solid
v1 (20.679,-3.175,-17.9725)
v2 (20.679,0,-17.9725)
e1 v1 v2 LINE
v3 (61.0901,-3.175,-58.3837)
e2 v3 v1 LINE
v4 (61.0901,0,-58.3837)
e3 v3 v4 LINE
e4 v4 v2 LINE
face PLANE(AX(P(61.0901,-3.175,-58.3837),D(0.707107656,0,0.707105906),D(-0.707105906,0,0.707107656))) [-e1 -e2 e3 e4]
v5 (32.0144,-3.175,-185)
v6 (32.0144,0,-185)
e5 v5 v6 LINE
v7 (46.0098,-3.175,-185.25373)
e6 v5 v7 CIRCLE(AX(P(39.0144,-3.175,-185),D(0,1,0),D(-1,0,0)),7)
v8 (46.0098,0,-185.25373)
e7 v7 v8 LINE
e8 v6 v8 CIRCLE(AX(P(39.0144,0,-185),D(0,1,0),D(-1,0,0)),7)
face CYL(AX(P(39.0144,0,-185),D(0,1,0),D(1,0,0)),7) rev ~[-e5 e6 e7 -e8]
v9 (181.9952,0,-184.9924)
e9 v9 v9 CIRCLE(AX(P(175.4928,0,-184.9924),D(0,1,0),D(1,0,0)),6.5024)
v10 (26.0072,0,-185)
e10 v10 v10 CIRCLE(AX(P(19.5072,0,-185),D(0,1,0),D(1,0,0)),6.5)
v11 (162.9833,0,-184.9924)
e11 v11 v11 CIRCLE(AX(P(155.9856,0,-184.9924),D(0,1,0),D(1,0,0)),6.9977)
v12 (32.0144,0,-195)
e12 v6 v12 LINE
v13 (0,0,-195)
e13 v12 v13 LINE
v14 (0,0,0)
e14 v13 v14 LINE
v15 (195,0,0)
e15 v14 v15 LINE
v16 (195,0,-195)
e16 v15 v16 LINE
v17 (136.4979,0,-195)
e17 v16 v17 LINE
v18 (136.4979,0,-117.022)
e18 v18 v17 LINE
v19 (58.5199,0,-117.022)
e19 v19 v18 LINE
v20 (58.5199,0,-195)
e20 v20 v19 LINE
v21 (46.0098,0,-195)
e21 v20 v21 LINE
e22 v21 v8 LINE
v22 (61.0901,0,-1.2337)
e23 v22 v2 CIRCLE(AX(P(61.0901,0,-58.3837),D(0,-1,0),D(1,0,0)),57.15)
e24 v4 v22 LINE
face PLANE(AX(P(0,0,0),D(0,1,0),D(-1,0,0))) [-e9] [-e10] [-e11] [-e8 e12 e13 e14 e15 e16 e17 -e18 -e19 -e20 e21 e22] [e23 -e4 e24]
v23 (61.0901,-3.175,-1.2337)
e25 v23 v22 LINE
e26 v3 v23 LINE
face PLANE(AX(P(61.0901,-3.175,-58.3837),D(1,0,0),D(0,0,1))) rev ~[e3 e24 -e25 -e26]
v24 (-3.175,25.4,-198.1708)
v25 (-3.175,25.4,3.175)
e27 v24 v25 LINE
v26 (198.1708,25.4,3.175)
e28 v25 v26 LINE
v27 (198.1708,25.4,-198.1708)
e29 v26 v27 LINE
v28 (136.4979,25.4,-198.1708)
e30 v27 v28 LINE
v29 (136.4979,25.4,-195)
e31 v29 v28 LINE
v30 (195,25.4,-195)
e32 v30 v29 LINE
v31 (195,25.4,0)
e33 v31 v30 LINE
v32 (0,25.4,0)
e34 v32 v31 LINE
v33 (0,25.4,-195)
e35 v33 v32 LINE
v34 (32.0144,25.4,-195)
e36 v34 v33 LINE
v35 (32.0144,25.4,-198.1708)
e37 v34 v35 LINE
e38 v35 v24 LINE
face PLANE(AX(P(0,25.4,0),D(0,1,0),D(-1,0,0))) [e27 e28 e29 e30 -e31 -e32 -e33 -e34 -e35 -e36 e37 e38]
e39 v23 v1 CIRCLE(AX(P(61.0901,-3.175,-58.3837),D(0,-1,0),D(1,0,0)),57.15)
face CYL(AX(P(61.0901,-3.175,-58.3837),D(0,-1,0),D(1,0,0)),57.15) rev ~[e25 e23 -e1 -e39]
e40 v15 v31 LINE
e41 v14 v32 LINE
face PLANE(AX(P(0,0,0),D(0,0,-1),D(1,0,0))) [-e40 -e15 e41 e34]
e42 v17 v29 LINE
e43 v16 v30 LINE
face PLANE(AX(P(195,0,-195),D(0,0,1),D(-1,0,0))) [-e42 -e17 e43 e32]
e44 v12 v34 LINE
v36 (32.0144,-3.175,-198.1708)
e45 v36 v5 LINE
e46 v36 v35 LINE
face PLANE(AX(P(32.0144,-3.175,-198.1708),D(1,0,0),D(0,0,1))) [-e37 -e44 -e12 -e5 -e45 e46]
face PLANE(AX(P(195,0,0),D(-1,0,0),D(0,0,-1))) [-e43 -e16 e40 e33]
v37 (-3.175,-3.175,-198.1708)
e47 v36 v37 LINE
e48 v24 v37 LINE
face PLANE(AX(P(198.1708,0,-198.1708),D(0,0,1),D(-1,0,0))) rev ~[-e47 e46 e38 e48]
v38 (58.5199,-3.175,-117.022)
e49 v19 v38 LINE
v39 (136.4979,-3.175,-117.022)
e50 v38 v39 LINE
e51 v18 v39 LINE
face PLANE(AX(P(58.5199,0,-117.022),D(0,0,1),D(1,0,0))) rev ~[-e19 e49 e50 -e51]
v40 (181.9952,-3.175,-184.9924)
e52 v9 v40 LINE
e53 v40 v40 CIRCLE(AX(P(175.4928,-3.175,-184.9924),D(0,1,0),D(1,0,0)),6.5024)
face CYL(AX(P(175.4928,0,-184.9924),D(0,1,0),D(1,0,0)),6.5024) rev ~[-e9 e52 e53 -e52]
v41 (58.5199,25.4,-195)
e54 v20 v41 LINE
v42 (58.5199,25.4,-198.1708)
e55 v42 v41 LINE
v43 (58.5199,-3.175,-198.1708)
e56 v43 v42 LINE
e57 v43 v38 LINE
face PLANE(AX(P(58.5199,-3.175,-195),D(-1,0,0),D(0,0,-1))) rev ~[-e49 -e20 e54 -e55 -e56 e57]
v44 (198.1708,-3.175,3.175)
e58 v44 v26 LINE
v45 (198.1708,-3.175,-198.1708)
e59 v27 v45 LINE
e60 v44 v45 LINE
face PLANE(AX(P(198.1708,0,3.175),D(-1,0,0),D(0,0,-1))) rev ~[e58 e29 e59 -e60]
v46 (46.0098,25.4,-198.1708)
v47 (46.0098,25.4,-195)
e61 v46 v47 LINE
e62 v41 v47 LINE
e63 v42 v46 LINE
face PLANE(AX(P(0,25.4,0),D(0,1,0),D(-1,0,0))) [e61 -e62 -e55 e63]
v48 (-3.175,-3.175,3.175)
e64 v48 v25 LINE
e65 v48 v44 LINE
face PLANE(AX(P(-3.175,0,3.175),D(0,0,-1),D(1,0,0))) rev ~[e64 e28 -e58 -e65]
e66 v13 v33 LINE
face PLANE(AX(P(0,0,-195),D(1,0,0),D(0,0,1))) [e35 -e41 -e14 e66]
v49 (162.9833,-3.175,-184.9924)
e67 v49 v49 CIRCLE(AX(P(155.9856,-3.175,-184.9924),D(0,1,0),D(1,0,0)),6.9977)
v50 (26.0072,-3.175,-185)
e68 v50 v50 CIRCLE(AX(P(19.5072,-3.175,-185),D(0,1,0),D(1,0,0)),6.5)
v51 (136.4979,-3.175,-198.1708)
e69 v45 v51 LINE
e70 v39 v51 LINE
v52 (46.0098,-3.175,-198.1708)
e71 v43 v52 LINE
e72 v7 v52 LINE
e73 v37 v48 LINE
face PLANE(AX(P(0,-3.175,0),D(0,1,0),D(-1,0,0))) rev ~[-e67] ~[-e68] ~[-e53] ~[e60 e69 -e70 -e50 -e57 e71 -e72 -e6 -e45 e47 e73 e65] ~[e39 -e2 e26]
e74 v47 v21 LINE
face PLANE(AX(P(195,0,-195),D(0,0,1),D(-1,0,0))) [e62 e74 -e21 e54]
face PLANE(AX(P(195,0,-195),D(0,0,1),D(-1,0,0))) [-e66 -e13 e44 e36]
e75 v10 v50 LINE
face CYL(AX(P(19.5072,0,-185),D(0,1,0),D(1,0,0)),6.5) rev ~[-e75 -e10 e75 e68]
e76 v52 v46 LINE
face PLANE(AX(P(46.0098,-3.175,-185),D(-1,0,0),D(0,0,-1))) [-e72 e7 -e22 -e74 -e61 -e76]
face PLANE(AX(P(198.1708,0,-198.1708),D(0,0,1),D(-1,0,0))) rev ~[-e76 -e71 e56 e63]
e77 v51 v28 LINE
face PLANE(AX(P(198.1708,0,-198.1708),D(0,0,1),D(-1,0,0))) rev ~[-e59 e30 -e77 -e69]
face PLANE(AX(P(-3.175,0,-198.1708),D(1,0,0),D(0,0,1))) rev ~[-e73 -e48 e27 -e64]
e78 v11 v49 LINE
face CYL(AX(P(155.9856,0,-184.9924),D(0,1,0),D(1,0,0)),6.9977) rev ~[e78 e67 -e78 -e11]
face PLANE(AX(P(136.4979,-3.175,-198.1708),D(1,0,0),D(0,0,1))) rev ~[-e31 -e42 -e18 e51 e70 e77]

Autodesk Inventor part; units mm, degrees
ref_plane "YZ Plane" through (0, 0, 0) normal (1, 0, 0) x (0, 1, 0)
ref_plane "XZ Plane" through (0, 0, 0) normal (0, 1, 0) x (-1, 0, 0)
ref_plane "XY Plane" through (0, 0, 0) normal (0, 0, 1) x (1, 0, 0)
sketch "Sketch1" plane through (0, 0, 0) normal (0, 1, 0) x (-1, 0, 0)
  line L0 (0, 0) -> (-195, 0)
  line L1 (-195, 0) -> (-195, -195)
  line L2 (-195, -195) -> (0, -195)
  line L3 (0, -195) -> (0, 0)
  line L4 (3.175, 3.175) -> (-198.1708, 3.175)
  line L5 (-198.1708, 3.175) -> (-198.1708, -198.1708)
  line L6 (-198.1708, -198.1708) -> (3.175, -198.1708)
  line L7 (3.175, -198.1708) -> (3.175, 3.175)
  dimension "d0" = 195
  dimension "d1" = 195
  dimension "d2" = 201.3458
  dimension "d3" = 201.3458
extrude "Extrusion1" add sketch "Sketch1" along normal blind 25.4
sketch "Sketch2" plane through (0, 0, 0) normal (0, 1, 0) x (-1, 0, 0)
  line L0 (3.175, 3.175) -> (-198.1708, 3.175) projected
  line L1 (3.175, -198.1708) -> (3.175, 3.175) projected
  line L2 (-198.1708, 3.175) -> (-198.1708, -198.1708) projected
  line L3 (-198.1708, -198.1708) -> (3.175, -198.1708) projected
  point P0 (0, 0)
extrude "Extrusion2" add sketch "Sketch2" against normal blind 3.175
sketch "Sketch3" plane through (0, 0, 0) normal (0, 1, 0) x (1, 0, 0)
  line L0 (0, 195) -> (195, 195) projected
  line L1 (0, 195) -> (97.4979, 195)
  line L2 (97.4979, 195) -> (136.4979, 195)
  line L3 (97.4979, 195) -> (136.4979, 195) construction
  line L4 (136.4979, 195) -> (58.5199, 195)
  line L5 (58.5199, 195) -> (58.5199, 117.022)
  line L6 (58.5199, 117.022) -> (136.4979, 117.022)
  line L7 (136.4979, 117.022) -> (136.4979, 195)
  point P0 (0, 0)
  dimension "d8" = 97.4979
  dimension "d9" = 39
  dimension "d10" = 0
  dimension "d11" = 77.978
  dimension "d12" = 77.978
extrude "Extrusion3" cut sketch "Sketch3" against normal blind 3.175
sketch "Sketch4" plane through (0, 0, 0) normal (0, 1, 0) x (1, 0, 0)
  line L0 (0, 0) -> (0, 195) projected
  line L1 (0, 195) -> (195, 195) projected
  line L2 (58.5199, 117.022) -> (58.5199, 195) projected
  line L3 (136.4979, 195) -> (136.4979, 117.022) projected
  line L4 (195, 195) -> (195, 0) projected
  line L5 (0, 0) -> (0, 195) projected
  line L6 (0, 195) -> (19.5072, 195)
  line L7 (19.5072, 195) -> (39.0144, 195)
  line L8 (0, 195) -> (0, 185)
  circle A0 centre (19.5072, 185) radius 6.5
  circle A1 centre (39.0144, 185) radius 7
  line L9 (136.4979, 195) -> (195, 195) projected
  line L10 (195, 195) -> (195, 184.9924)
  line L11 (198.1708, 198.1708) -> (198.1708, -3.175) projected
  line L12 (195, 195) -> (205.0076, 195) construction
  line L13 (195, 195) -> (175.4928, 195)
  line L14 (195, 195) -> (214.5072, 195) construction
  line L15 (175.4928, 195) -> (155.9856, 195)
  circle A2 centre (175.4928, 184.9924) radius 6.5024
  circle A3 centre (155.9856, 184.9924) radius 6.9977
  dimension "d15" = 58.5199
  dimension "d16" = 19.5072
  dimension "d17" = 19.5072
  dimension "d18" = 10
  dimension "d19" = 13
  dimension "d20" = 14
  dimension "d21" = 10.0076
  dimension "d22" = 90
  dimension "d23" = 19.5072
  dimension "d24" = 180
  dimension "d25" = 19.5072
  dimension "d26" = 13.0048
  dimension "d27" = 13.9954
extrude "Extrusion4" cut sketch "Sketch4" against normal blind 3.175
sketch "Sketch5" plane through (0, -3.175, 0) normal (0, -1, 0) x (1, 0, 0)
  circle A0 centre (61.0901, -58.3837) radius 57.15
  line L0 (61.0901, -58.3837) -> (61.0901, -1.2337)
  line L1 (61.0901, -58.3837) -> (118.2401, -58.3837) construction
  line L2 (61.0901, -58.3837) -> (20.679, -17.9725)
  line L3 (61.0901, -58.3837) -> (118.2401, -58.3837) construction
  point P0 (0, 0)
  dimension "d32" = 114.3
  dimension "d33" = 57.15
  dimension "d34" = 90
  dimension "d35" = 57.15
  dimension "d36" = 135
extrude "Extrusion5" cut sketch "Sketch5" against normal blind 3.175 contours L0 L2 A0 picked at (52.2233, -21.4506)
sketch "Sketch6" plane through (0, -3.175, 0) normal (0, -1, 0) x (1, 0, 0)
  line L0 (136.4979, -195) -> (58.5199, -195) projected
  line L1 (-3.175, -198.1708) -> (198.1708, -198.1708) projected
  line L2 (136.4979, -195) -> (58.5199, -195)
  line L3 (58.5199, -195) -> (58.5199, -198.175)
  line L4 (58.5199, -198.175) -> (136.4979, -198.175)
  line L5 (136.4979, -198.175) -> (136.4979, -195)
  point P0 (0, 0)
  point P1 (136.4979, -198.1708)
  point P2 (58.5199, -198.1708)
  dimension "d39" = 3.175
extrude "Extrusion6" cut sketch "Sketch6" against normal through all contours L5 L1 L3 L0
sketch "Sketch7" plane through (0, -3.175, 0) normal (0, -1, 0) x (1, 0, 0)
  circle A0 centre (39.0144, -185) radius 7 projected
  line L0 (58.5199, -198.1708) -> (-3.175, -198.1708) projected
  line L1 (32.0144, -185) -> (46.0098, -185)
  line L2 (46.0098, -185) -> (46.0098, -198.1708)
  line L3 (46.0098, -198.1708) -> (32.0144, -198.1708)
  line L4 (32.0144, -198.1708) -> (32.0144, -185)
  point P0 (0, 0)
  dimension "d42" = 13.9954
extrude "Extrusion7" cut sketch "Sketch7" against normal through all contours L1 L2 A0 | A0 L2 L0 L4 picked at (36.7458, -185.5521)
properties part number "FixedLid"
